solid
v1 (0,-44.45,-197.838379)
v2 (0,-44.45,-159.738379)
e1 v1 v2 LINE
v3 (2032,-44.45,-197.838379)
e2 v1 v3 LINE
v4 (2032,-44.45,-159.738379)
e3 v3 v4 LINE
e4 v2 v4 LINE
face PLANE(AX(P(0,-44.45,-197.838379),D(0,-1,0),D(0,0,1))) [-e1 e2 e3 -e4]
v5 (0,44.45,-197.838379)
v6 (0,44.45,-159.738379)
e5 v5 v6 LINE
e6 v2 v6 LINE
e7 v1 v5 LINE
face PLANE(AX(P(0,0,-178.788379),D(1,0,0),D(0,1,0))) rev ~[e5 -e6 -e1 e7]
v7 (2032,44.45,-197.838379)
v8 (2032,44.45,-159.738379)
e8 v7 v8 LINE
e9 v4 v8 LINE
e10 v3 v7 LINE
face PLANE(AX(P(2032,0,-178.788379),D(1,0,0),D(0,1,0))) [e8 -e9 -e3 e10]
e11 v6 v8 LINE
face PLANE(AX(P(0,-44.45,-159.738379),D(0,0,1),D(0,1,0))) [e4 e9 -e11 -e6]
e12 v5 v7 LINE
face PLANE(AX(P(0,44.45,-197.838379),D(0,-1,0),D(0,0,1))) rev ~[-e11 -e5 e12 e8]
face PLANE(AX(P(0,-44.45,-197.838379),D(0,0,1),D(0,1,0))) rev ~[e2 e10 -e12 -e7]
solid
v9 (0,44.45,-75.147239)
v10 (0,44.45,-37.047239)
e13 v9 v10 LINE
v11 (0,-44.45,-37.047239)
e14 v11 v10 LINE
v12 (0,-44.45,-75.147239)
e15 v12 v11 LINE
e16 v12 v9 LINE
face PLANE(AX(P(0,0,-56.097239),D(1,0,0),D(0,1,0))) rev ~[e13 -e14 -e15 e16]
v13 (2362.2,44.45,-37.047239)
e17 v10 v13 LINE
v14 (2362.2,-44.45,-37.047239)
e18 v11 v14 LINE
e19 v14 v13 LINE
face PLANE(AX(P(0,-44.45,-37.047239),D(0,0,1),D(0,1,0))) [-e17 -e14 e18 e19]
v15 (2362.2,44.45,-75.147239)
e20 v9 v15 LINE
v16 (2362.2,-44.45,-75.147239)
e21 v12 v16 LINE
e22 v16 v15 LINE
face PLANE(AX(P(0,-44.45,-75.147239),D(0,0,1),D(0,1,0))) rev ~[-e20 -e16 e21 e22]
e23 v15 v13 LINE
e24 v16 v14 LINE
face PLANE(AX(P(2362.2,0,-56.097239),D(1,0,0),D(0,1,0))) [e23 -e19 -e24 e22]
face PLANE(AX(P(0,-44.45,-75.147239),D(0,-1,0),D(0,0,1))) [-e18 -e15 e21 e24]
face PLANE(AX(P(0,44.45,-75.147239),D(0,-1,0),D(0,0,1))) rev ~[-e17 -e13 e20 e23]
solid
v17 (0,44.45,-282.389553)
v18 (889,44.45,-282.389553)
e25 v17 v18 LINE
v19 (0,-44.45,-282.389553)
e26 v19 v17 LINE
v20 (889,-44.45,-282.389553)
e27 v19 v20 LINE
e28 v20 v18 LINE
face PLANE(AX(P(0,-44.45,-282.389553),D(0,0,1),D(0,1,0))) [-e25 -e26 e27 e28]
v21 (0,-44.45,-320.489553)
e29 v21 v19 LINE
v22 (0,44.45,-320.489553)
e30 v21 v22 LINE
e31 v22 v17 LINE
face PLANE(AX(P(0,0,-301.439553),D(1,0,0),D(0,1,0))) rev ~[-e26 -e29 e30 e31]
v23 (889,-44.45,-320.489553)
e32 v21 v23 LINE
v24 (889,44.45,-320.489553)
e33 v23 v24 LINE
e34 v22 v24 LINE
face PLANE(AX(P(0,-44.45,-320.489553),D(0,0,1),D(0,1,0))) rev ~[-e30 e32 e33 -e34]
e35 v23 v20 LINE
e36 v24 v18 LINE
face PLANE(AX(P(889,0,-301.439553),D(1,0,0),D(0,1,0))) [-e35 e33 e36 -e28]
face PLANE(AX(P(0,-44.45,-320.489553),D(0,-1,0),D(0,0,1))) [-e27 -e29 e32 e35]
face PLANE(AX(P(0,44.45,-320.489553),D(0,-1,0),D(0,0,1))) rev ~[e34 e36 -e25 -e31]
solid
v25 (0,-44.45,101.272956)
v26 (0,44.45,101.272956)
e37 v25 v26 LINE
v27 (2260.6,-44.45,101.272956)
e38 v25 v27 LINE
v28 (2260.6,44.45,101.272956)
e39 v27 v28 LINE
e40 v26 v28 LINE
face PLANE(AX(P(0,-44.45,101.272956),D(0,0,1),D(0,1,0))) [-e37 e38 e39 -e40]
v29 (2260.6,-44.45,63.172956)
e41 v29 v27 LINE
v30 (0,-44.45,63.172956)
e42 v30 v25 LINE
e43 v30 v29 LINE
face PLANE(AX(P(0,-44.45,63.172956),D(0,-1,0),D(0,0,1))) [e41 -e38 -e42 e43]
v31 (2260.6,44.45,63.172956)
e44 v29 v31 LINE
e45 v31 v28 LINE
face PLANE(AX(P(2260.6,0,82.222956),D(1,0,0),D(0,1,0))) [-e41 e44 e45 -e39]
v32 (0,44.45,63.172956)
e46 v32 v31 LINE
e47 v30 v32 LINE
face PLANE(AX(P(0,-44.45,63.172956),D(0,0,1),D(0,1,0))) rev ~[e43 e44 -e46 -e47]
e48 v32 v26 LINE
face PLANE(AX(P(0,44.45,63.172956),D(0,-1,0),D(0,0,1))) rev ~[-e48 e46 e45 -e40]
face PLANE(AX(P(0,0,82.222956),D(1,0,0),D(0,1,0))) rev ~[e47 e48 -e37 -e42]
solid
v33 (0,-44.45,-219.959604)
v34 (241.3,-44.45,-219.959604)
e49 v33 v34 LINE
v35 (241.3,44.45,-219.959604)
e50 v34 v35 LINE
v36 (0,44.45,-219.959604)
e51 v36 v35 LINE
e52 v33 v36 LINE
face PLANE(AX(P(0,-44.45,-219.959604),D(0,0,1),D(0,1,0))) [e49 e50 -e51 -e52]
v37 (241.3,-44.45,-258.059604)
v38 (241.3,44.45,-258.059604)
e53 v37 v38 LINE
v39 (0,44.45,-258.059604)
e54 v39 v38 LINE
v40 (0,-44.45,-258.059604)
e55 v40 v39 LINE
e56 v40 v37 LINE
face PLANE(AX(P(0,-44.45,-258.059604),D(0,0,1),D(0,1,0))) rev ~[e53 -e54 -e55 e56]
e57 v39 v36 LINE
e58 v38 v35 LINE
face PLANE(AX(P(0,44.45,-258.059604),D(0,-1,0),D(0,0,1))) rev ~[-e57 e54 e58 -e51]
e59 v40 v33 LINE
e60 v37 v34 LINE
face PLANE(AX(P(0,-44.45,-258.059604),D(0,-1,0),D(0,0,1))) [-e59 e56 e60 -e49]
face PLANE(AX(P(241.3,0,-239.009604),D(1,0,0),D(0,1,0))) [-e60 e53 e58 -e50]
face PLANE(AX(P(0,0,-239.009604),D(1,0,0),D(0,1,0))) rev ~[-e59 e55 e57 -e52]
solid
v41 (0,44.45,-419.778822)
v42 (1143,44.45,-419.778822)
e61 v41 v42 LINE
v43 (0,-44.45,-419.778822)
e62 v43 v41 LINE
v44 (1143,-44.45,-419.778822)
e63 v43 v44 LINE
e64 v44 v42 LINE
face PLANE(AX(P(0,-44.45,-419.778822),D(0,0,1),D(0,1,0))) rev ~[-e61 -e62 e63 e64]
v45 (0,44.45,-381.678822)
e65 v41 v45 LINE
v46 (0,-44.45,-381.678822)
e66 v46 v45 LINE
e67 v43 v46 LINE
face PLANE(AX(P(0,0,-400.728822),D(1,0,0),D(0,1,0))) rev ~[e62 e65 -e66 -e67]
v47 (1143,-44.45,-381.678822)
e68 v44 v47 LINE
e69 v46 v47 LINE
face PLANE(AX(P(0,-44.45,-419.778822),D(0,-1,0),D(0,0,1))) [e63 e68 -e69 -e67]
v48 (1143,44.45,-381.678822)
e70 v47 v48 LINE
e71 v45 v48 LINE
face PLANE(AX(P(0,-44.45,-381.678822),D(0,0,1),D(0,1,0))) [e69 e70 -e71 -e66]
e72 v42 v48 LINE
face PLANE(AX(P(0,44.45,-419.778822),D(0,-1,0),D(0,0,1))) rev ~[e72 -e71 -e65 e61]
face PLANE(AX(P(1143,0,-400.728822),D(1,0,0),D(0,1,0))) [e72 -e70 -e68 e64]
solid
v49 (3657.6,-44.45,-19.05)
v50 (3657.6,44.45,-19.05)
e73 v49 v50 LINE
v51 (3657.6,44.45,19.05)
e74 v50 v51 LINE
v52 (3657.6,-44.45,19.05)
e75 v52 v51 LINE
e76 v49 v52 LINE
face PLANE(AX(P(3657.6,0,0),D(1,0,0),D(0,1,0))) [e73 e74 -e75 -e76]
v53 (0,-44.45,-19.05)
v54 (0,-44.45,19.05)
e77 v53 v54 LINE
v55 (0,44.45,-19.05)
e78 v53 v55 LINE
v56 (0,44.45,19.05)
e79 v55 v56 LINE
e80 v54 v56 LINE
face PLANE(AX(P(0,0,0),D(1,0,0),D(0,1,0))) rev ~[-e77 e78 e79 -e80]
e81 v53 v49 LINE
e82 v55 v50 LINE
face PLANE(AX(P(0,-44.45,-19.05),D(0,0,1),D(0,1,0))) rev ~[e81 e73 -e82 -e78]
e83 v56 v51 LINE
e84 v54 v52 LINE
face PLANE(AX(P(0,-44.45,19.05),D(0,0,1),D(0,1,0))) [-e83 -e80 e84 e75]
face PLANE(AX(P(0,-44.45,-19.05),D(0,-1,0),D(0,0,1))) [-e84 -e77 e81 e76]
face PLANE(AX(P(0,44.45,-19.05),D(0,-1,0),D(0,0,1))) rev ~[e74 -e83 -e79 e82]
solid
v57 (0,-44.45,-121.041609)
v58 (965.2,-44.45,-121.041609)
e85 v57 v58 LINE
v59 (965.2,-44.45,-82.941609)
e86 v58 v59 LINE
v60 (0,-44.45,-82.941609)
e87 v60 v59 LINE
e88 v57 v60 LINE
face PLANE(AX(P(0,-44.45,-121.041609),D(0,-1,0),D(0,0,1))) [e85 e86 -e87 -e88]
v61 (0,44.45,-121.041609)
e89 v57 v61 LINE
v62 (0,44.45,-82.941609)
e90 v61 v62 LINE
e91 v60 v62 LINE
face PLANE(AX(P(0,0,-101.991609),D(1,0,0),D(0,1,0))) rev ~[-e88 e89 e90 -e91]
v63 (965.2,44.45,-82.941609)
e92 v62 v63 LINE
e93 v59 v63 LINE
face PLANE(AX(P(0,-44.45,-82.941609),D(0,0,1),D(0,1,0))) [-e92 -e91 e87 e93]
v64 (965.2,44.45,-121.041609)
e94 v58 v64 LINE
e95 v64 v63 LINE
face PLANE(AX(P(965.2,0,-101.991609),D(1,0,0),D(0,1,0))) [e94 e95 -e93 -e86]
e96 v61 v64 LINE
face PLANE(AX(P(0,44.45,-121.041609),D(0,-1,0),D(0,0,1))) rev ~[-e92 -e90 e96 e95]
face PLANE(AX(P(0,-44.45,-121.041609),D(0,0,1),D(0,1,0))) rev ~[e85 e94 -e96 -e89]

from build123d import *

# Parameters (mm, degrees)
F0_W      = 88.9
F0_H      = 38.1
F1_DEPTH  = 3657.6
F4_W      = 88.9
F4_H      = 38.1
F5_DEPTH  = 2362.2
F6_W      = 88.9
F6_H      = 38.1
F7_DEPTH  = 2260.6
F8_W      = 88.9
F8_H      = 38.1
F9_DEPTH  = 965.2
F10_W     = 88.9
F10_H     = 38.1
F11_DEPTH = 2032
F12_W     = 88.9
F12_H     = 38.1
F13_DEPTH = 241.3
F14_W     = 88.9
F14_H     = 38.1
F15_DEPTH = 889
F16_W     = 88.9
F16_H     = 38.1
F17_DEPTH = 1143


with BuildPart() as f1:
    # F0 (on Right) → F1 (new body)
    with BuildSketch(Plane.YZ):
        Rectangle(F0_W, F0_H)
    extrude(amount=F1_DEPTH)


with BuildPart() as f2_1:
    # F2: copy of F1
    add(f1.part.moved(Location((0, 0, 52.832))))


with BuildPart() as f5:
    # F4 (on Right) → F5 (new body)
    with BuildSketch(Plane.YZ):
        with Locations((0, -56.097239)):
            Rectangle(F4_W, F4_H)
    extrude(amount=F5_DEPTH)


with BuildPart() as f7:
    # F6 (on Right) → F7 (new body)
    with BuildSketch(Plane.YZ):
        with Locations((0, 82.222956)):
            Rectangle(F6_W, F6_H)
    extrude(amount=F7_DEPTH)


with BuildPart() as f9:
    # F8 (on Right) → F9 (new body)
    with BuildSketch(Plane.YZ):
        with Locations((0, -101.991609)):
            Rectangle(F8_W, F8_H)
    extrude(amount=F9_DEPTH)


with BuildPart() as f11:
    # F10 (on Right) → F11 (new body)
    with BuildSketch(Plane.YZ):
        with Locations((0, -178.788379)):
            Rectangle(F10_W, F10_H)
    extrude(amount=F11_DEPTH)


with BuildPart() as f13:
    # F12 (on Right) → F13 (new body)
    with BuildSketch(Plane.YZ):
        with Locations((0, -239.009604)):
            Rectangle(F12_W, F12_H)
    extrude(amount=F13_DEPTH)


with BuildPart() as f15:
    # F14 (on Right) → F15 (new body)
    with BuildSketch(Plane.YZ):
        with Locations((0, -301.439553)):
            Rectangle(F14_W, F14_H)
    extrude(amount=F15_DEPTH)


with BuildPart() as f17:
    # F16 (on Right) → F17 (new body)
    with BuildSketch(Plane.YZ):
        with Locations((0, -400.728822)):
            Rectangle(F16_W, F16_H)
    extrude(amount=F17_DEPTH)


solid = Compound([f1.part, f5.part, f7.part, f9.part, f11.part, f13.part, f15.part, f17.part])
